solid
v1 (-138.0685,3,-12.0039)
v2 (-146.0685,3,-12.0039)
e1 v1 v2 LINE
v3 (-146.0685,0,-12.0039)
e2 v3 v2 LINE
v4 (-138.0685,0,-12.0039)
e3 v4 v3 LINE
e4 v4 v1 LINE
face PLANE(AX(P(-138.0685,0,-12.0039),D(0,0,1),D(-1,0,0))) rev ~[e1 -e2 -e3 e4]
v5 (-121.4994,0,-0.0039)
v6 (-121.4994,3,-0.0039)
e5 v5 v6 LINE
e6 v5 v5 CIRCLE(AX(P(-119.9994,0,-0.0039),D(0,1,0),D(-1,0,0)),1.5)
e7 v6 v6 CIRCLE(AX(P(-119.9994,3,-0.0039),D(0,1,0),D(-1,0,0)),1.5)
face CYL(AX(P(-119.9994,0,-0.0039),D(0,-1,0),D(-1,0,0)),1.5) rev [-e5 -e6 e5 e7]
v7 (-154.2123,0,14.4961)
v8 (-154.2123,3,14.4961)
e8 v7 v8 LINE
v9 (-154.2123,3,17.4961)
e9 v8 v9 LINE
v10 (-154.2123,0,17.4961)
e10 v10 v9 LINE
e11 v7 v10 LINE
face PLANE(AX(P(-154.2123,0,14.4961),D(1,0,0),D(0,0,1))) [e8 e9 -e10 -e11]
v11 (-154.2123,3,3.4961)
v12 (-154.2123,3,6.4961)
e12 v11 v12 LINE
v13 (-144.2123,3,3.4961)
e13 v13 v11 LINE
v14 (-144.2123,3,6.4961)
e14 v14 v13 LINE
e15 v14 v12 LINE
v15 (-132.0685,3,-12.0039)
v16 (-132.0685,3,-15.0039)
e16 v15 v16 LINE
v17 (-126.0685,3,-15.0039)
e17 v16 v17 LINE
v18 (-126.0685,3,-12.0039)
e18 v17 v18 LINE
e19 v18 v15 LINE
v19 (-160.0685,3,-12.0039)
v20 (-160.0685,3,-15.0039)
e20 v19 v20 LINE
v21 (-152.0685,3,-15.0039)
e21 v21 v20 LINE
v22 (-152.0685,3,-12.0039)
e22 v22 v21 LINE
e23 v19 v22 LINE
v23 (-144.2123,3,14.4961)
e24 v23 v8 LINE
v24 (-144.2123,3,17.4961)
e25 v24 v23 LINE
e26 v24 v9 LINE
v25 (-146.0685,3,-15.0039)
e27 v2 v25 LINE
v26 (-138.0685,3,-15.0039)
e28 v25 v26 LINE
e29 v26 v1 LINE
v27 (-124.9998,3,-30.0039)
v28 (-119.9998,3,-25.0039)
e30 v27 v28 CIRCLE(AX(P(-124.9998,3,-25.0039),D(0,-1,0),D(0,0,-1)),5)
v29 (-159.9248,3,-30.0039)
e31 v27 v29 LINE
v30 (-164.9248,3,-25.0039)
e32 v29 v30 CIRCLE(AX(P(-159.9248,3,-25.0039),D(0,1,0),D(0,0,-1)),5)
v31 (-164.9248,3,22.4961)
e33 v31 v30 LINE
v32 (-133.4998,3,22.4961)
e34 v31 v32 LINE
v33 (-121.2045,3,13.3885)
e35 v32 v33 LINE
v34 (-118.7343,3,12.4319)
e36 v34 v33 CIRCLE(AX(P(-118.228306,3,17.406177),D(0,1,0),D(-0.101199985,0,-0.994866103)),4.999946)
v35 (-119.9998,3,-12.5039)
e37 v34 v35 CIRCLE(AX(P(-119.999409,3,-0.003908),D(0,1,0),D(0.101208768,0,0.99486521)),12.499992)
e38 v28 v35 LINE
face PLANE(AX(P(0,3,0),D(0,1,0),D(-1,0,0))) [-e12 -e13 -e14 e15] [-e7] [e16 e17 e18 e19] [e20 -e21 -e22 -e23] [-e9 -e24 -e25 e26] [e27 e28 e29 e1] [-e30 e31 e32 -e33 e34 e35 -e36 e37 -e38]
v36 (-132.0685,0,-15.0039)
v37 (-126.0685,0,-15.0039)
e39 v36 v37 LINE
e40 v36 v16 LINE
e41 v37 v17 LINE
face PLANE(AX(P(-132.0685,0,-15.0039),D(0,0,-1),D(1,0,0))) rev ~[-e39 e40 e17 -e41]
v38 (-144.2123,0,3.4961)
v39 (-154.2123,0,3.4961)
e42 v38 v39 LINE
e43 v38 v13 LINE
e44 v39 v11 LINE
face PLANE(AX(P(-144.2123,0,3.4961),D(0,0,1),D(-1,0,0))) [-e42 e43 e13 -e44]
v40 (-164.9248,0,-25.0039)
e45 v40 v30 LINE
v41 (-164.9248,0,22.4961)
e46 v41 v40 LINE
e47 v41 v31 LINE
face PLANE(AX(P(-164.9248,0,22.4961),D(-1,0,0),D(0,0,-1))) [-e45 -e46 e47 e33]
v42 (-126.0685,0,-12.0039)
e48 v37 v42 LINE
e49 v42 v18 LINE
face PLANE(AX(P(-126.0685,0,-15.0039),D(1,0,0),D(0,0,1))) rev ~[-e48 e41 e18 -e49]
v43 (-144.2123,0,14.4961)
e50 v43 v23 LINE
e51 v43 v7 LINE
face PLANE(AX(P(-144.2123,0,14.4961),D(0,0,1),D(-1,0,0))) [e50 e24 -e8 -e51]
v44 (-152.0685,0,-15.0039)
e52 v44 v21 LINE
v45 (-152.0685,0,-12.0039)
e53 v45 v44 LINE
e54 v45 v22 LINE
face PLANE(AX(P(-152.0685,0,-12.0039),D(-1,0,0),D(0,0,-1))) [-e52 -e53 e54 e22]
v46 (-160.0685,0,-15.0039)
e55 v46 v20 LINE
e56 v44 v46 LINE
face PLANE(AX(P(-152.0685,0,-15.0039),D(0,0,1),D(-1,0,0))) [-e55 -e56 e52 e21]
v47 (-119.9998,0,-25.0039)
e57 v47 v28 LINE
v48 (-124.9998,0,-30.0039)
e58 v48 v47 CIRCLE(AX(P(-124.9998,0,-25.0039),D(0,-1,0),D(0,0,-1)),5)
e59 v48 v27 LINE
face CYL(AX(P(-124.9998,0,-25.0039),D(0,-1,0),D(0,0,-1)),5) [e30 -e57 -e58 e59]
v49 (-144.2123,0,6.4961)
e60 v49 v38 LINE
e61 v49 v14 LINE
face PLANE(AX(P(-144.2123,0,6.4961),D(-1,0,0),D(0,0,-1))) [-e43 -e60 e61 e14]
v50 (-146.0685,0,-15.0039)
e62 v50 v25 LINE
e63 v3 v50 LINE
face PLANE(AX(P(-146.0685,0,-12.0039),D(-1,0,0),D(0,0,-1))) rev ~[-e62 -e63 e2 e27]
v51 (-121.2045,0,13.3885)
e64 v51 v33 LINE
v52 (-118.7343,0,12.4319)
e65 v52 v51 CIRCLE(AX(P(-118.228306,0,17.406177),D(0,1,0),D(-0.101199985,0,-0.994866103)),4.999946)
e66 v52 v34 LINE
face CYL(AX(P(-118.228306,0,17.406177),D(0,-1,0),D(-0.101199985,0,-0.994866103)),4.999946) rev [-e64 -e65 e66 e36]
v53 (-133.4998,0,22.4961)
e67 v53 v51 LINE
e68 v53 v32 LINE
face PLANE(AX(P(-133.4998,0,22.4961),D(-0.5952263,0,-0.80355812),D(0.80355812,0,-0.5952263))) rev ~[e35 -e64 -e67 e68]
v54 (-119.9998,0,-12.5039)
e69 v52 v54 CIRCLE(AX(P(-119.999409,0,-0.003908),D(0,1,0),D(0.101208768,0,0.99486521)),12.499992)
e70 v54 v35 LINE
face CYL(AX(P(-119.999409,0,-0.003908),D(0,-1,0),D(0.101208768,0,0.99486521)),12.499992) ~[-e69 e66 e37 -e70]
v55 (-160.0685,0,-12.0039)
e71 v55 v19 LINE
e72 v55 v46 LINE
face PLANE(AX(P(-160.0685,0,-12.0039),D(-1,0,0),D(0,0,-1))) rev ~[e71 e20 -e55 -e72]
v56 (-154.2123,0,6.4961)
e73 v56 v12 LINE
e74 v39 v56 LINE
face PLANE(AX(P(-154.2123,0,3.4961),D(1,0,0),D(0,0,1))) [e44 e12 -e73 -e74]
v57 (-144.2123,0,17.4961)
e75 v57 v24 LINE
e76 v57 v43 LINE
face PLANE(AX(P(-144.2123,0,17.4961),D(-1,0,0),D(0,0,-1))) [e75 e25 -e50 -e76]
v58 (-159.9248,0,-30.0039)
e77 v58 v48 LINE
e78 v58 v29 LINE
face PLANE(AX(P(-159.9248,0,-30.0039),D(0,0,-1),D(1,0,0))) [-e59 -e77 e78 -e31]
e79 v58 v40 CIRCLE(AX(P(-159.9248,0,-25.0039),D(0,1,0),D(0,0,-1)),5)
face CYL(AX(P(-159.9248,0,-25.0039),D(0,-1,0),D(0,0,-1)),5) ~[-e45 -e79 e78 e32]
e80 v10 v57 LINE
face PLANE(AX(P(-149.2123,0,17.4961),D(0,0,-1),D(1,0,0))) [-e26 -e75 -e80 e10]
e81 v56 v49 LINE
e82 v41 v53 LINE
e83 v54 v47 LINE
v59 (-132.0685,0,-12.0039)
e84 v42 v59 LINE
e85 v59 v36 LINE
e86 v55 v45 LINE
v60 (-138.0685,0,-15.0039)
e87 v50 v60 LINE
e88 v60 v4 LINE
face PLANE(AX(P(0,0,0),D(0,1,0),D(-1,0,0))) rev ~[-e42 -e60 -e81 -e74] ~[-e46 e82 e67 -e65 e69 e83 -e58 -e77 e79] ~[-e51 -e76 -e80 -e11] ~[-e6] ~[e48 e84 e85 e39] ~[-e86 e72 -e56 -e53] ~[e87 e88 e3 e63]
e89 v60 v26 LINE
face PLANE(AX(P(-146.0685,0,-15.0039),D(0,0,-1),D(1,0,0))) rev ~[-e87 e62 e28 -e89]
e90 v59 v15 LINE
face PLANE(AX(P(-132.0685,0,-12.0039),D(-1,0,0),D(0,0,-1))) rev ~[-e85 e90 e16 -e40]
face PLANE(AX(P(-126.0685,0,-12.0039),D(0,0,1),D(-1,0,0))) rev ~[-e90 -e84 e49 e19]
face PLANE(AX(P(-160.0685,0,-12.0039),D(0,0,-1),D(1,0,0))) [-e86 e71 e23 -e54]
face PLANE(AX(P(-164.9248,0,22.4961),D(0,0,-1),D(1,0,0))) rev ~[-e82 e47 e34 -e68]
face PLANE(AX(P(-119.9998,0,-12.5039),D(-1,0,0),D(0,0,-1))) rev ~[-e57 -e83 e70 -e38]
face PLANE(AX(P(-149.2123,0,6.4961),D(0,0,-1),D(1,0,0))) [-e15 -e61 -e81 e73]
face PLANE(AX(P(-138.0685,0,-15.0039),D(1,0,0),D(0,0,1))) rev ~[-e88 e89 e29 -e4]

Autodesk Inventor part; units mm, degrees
ref_plane "YZ Plane" through (0, 0, 0) normal (1, 0, 0) x (0, 1, 0)
ref_plane "XZ Plane" through (0, 0, 0) normal (0, 1, 0) x (-1, 0, 0)
ref_plane "XY Plane" through (0, 0, 0) normal (0, 0, 1) x (1, 0, 0)
sketch "Boceto1" plane through (0, 0, 0) normal (0, 1, 0) x (-1, 0, 0)
  arc A0 (117.4998, -25.6738) -> (124.3299, -32.5039) centre (119.9998, -30.0039) ccw
  circle A1 centre (119.9998, -30.0039) radius 1.5
  line L0 (119.9998, -12.5039) -> (119.9998, -21.3437)
  arc A2 (117.4998, -25.6738) -> (119.9998, -21.3437) centre (114.9998, -21.3437) ccw
  arc A3 (128.66, -30.0039) -> (124.3299, -32.5039) centre (128.66, -35.0039) ccw
  arc A4 (118.7343, 12.4319) -> (119.9998, -12.5039) centre (119.9994, -0.0039) ccw
  line L1 (133.4998, 22.4961) -> (121.2045, 13.3885)
  line L2 (164.9248, 22.4961) -> (164.9248, -25.0039)
  line L3 (159.9248, -30.0039) -> (128.66, -30.0039)
  line L4 (164.9248, 22.4961) -> (133.4998, 22.4961)
  line L5 (149.2123, 17.4961) -> (144.2123, 17.4961)
  line L6 (144.2123, 17.4961) -> (144.2123, 14.4961)
  line L7 (144.2123, 14.4961) -> (154.2123, 14.4961)
  line L8 (154.2123, 14.4961) -> (154.2123, 17.4961)
  line L9 (154.2123, 17.4961) -> (149.2123, 17.4961)
  line L10 (149.2123, 6.4961) -> (144.2123, 6.4961)
  line L11 (144.2123, 6.4961) -> (144.2123, 3.4961)
  line L12 (144.2123, 3.4961) -> (154.2123, 3.4961)
  line L13 (154.2123, 3.4961) -> (154.2123, 6.4961)
  line L14 (154.2123, 6.4961) -> (149.2123, 6.4961)
  line L15 (160.0685, -12.0039) -> (160.0685, -15.0039)
  circle A5 centre (119.9994, -0.0039) radius 1.5
  line L16 (160.0685, -12.0039) -> (152.0685, -12.0039)
  line L17 (152.0685, -12.0039) -> (152.0685, -15.0039)
  line L18 (152.0685, -15.0039) -> (160.0685, -15.0039)
  line L19 (146.0685, -12.0039) -> (146.0685, -15.0039)
  line L20 (146.0685, -15.0039) -> (138.0685, -15.0039)
  line L21 (138.0685, -15.0039) -> (138.0685, -12.0039)
  line L22 (132.0685, -12.0039) -> (132.0685, -15.0039)
  line L23 (132.0685, -15.0039) -> (126.0685, -15.0039)
  line L24 (126.0685, -15.0039) -> (126.0685, -12.0039)
  line L25 (126.0685, -12.0039) -> (132.0685, -12.0039)
  line L26 (138.0685, -12.0039) -> (146.0685, -12.0039)
  arc A6 (159.9248, -30.0039) -> (164.9248, -25.0039) centre (159.9248, -25.0039) ccw
  arc A7 (118.7343, 12.4319) -> (121.2045, 13.3885) centre (118.2283, 17.4062) ccw
  point P0 (124.9998, -30.0039)
  point P1 (119.9998, -25.0039)
  point P2 (119.9998, 12.4961)
  dimension "d165" = 8
  dimension "d166" = 6
  dimension "d167" = 8
  dimension "d169" = 6
  dimension "d170" = 5
extrude "Extrusión1" add sketch "Boceto1" along normal blind 3
sketch "Boceto2" plane through (0, 0, 0) normal (0, -1, 0) x (1, 0, 0)
  line L0 (-128.66, -30.0039) -> (-159.9248, -30.0039) projected
  line L1 (-128.66, -30.0039) -> (-124.9998, -30.0039)
  line L2 (-119.9998, -25.0039) -> (-119.9998, -21.3437)
  line L3 (-119.9998, -21.3437) -> (-111.1429, -30.5208)
  line L4 (-111.1429, -30.5208) -> (-116.7612, -39.5335)
  line L5 (-116.7612, -39.5335) -> (-128.66, -30.0039)
  arc A0 (-124.9998, -30.0039) -> (-119.9998, -25.0039) centre (-124.9998, -25.0039) ccw
  point P0 (0, 0)
  point P1 (-119.9998, -30.0039)
extrude "Extrusión2" cut sketch "Boceto2" against normal blind 10
properties part number "codo2"
